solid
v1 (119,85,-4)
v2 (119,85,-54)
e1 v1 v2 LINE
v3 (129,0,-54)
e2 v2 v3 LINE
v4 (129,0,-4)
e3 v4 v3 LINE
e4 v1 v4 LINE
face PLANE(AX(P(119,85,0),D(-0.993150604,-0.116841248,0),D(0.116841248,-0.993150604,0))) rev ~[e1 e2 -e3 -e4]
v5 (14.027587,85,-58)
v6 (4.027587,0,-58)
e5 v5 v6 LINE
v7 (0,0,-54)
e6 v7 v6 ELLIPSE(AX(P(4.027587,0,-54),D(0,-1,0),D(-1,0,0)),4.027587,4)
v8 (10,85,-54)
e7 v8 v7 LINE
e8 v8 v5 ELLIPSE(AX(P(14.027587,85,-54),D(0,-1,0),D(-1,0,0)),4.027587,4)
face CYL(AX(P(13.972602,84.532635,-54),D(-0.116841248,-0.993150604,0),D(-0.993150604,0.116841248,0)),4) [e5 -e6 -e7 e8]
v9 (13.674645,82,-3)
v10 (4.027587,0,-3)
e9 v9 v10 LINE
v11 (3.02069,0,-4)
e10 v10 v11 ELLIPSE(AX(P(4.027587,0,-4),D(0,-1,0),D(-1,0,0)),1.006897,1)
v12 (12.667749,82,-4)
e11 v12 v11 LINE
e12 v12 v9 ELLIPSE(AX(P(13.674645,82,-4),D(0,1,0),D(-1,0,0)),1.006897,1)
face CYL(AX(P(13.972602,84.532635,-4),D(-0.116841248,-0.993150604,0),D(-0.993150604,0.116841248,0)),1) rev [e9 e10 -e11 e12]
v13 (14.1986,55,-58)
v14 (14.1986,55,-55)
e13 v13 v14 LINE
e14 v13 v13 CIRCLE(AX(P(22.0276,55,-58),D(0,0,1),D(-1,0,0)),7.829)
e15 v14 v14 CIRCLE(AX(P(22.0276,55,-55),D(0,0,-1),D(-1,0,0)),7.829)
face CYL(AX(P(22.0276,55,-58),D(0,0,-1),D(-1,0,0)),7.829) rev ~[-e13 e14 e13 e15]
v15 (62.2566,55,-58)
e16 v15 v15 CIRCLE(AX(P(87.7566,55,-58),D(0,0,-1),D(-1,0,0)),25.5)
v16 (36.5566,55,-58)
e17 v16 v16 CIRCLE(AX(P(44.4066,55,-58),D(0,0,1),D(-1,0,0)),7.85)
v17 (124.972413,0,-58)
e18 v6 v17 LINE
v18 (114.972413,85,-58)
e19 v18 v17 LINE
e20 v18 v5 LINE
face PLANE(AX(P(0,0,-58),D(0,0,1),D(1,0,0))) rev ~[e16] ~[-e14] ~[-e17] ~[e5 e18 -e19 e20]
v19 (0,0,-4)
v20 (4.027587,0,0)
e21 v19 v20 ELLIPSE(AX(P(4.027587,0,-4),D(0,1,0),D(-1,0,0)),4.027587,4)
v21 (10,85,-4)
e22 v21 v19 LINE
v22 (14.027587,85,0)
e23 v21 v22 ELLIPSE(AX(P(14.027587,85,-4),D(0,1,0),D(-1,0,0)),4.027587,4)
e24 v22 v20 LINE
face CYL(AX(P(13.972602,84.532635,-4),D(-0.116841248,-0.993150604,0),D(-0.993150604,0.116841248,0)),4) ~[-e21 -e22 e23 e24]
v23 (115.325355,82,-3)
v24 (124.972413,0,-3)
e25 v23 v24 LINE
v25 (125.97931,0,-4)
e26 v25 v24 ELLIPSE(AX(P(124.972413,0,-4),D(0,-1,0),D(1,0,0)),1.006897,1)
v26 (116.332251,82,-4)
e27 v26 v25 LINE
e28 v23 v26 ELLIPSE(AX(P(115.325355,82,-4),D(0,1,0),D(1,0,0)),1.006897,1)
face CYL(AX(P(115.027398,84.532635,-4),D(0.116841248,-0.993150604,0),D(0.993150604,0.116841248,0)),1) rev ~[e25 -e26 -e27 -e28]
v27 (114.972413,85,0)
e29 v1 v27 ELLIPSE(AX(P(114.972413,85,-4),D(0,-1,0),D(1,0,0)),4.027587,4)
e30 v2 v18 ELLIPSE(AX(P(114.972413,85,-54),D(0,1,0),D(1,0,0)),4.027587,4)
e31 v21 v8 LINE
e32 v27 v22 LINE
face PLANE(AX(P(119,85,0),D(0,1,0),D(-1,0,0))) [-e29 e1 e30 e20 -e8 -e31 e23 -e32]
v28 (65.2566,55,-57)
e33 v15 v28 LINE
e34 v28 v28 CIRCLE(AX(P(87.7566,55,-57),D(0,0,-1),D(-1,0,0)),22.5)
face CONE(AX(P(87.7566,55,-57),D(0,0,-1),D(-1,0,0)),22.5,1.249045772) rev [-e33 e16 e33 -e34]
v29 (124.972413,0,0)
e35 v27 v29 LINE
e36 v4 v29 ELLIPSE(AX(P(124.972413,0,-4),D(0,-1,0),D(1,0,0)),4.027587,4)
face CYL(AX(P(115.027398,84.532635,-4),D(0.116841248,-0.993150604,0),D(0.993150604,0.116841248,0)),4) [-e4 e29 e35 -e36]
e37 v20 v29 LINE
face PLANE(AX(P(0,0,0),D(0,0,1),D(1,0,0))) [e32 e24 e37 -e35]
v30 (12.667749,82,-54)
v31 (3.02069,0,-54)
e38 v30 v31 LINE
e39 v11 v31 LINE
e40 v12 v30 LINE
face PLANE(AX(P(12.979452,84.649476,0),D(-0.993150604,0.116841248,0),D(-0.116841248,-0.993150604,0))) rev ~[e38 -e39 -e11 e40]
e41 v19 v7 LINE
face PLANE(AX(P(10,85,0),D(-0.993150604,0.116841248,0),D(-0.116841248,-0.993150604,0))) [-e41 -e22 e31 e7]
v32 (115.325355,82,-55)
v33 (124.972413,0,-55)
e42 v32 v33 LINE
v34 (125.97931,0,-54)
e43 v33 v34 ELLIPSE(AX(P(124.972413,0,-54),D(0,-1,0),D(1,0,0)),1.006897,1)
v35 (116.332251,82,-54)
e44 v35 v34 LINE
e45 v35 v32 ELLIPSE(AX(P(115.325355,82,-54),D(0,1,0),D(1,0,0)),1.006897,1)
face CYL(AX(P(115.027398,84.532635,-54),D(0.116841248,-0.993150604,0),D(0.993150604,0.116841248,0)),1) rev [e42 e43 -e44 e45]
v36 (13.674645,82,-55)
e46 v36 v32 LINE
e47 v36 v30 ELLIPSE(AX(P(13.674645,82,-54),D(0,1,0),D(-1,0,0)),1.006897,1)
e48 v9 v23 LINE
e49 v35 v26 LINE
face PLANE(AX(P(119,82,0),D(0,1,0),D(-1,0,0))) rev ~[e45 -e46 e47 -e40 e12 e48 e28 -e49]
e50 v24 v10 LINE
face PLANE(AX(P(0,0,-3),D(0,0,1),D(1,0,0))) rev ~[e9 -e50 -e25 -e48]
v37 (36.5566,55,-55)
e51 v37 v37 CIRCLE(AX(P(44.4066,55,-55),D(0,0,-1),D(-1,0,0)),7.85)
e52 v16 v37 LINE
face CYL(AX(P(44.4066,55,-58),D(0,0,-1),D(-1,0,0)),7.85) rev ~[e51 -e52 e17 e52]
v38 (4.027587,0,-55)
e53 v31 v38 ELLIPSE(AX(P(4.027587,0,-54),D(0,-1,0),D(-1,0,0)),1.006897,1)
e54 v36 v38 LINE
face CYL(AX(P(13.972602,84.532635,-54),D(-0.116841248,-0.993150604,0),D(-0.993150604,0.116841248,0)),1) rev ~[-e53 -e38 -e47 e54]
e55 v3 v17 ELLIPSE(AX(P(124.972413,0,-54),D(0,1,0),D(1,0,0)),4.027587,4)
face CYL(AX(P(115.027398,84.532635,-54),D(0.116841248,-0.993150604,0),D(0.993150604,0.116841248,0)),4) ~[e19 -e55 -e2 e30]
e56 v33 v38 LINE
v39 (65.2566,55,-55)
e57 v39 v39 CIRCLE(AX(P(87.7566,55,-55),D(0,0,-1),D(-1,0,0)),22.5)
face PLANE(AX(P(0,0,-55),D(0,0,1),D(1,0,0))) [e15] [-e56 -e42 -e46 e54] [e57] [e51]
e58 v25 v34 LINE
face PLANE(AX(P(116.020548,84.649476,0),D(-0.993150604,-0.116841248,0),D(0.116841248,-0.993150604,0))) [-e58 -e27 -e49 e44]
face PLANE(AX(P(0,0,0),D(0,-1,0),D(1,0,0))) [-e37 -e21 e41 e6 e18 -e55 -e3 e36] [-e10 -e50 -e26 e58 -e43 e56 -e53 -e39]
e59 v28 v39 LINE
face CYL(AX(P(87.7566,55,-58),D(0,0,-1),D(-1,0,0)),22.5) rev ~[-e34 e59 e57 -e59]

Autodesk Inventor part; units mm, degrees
ref_plane "YZ Plane" through (0, 0, 0) normal (1, 0, 0) x (0, 1, 0)
ref_plane "XZ Plane" through (0, 0, 0) normal (0, 1, 0) x (-1, 0, 0)
ref_plane "XY Plane" through (0, 0, 0) normal (0, 0, 1) x (1, 0, 0)
sketch "Sketch1" plane through (0, 0, 0) normal (0, 0, 1) x (1, 0, 0)
  line L0 (0, 0) -> (129, 0)
  line L1 (129, 0) -> (129, 85)
  line L2 (129, 85) -> (0, 85)
  line L3 (0, 85) -> (0, 0)
  line L4 (0, 85) -> (10, 85)
  line L5 (10, 85) -> (0, 0)
  line L6 (129, 85) -> (119, 85)
  line L7 (119, 85) -> (129, 0)
  dimension "d0" = 129
  dimension "d1" = 85
  dimension "d2" = 10
  dimension "d3" = 10
extrude "Extrusion1" add sketch "Sketch1" against normal blind 58 contours L5 L2 L7 L0
fillet "Fillet1" radius 4 4 edges at (5, 42.5, 0) (124, 42.5, 0) (124, 42.5, -58) (5, 42.5, -58)
shell "Shell1" thickness 3 removed faces 1 at (44.3425, 0, -19.3333)
sketch "Sketch2" plane through (0, 0, -58) normal (0, 0, -1) x (-1, 0, 0)
  line L0 (-14.0276, 85) -> (-114.9724, 85) projected
  line L1 (-124.9724, 0) -> (-4.0276, 0) projected
  line L2 (-22.0276, 0) -> (-22.0276, 55)
  line L3 (-22.0276, 55) -> (-22.0276, 55)
  circle A0 centre (-22.0276, 55) radius 7.829
  line L4 (-29.8566, 55) -> (-36.5566, 55)
  line L5 (-36.5566, 55) -> (-44.4066, 55)
  circle A1 centre (-44.4066, 55) radius 7.85
  line L6 (-52.2566, 55) -> (-87.7566, 55)
  circle A2 centre (-87.7566, 55) radius 22.5
  line L7 (-4.0276, 0) -> (-22.0276, 0)
  point P0 (0, 0)
  dimension "d10" = 15.6579
  dimension "d8" = 55
  dimension "d9" = 0
  dimension "d11" = 6.7
  dimension "d12" = 7.85
  dimension "d13" = 35.5
  dimension "d14" = 45
  dimension "d15" = 18
extrude "Extrusion2" cut sketch "Sketch2" against normal blind 5
chamfer "Chamfer1" distance 3 distance2 1 1 edges at (110.2566, 55, -58) measured on face at (69.5927, 11.3207, -58)
properties part number "Box MKIV Version 1"
